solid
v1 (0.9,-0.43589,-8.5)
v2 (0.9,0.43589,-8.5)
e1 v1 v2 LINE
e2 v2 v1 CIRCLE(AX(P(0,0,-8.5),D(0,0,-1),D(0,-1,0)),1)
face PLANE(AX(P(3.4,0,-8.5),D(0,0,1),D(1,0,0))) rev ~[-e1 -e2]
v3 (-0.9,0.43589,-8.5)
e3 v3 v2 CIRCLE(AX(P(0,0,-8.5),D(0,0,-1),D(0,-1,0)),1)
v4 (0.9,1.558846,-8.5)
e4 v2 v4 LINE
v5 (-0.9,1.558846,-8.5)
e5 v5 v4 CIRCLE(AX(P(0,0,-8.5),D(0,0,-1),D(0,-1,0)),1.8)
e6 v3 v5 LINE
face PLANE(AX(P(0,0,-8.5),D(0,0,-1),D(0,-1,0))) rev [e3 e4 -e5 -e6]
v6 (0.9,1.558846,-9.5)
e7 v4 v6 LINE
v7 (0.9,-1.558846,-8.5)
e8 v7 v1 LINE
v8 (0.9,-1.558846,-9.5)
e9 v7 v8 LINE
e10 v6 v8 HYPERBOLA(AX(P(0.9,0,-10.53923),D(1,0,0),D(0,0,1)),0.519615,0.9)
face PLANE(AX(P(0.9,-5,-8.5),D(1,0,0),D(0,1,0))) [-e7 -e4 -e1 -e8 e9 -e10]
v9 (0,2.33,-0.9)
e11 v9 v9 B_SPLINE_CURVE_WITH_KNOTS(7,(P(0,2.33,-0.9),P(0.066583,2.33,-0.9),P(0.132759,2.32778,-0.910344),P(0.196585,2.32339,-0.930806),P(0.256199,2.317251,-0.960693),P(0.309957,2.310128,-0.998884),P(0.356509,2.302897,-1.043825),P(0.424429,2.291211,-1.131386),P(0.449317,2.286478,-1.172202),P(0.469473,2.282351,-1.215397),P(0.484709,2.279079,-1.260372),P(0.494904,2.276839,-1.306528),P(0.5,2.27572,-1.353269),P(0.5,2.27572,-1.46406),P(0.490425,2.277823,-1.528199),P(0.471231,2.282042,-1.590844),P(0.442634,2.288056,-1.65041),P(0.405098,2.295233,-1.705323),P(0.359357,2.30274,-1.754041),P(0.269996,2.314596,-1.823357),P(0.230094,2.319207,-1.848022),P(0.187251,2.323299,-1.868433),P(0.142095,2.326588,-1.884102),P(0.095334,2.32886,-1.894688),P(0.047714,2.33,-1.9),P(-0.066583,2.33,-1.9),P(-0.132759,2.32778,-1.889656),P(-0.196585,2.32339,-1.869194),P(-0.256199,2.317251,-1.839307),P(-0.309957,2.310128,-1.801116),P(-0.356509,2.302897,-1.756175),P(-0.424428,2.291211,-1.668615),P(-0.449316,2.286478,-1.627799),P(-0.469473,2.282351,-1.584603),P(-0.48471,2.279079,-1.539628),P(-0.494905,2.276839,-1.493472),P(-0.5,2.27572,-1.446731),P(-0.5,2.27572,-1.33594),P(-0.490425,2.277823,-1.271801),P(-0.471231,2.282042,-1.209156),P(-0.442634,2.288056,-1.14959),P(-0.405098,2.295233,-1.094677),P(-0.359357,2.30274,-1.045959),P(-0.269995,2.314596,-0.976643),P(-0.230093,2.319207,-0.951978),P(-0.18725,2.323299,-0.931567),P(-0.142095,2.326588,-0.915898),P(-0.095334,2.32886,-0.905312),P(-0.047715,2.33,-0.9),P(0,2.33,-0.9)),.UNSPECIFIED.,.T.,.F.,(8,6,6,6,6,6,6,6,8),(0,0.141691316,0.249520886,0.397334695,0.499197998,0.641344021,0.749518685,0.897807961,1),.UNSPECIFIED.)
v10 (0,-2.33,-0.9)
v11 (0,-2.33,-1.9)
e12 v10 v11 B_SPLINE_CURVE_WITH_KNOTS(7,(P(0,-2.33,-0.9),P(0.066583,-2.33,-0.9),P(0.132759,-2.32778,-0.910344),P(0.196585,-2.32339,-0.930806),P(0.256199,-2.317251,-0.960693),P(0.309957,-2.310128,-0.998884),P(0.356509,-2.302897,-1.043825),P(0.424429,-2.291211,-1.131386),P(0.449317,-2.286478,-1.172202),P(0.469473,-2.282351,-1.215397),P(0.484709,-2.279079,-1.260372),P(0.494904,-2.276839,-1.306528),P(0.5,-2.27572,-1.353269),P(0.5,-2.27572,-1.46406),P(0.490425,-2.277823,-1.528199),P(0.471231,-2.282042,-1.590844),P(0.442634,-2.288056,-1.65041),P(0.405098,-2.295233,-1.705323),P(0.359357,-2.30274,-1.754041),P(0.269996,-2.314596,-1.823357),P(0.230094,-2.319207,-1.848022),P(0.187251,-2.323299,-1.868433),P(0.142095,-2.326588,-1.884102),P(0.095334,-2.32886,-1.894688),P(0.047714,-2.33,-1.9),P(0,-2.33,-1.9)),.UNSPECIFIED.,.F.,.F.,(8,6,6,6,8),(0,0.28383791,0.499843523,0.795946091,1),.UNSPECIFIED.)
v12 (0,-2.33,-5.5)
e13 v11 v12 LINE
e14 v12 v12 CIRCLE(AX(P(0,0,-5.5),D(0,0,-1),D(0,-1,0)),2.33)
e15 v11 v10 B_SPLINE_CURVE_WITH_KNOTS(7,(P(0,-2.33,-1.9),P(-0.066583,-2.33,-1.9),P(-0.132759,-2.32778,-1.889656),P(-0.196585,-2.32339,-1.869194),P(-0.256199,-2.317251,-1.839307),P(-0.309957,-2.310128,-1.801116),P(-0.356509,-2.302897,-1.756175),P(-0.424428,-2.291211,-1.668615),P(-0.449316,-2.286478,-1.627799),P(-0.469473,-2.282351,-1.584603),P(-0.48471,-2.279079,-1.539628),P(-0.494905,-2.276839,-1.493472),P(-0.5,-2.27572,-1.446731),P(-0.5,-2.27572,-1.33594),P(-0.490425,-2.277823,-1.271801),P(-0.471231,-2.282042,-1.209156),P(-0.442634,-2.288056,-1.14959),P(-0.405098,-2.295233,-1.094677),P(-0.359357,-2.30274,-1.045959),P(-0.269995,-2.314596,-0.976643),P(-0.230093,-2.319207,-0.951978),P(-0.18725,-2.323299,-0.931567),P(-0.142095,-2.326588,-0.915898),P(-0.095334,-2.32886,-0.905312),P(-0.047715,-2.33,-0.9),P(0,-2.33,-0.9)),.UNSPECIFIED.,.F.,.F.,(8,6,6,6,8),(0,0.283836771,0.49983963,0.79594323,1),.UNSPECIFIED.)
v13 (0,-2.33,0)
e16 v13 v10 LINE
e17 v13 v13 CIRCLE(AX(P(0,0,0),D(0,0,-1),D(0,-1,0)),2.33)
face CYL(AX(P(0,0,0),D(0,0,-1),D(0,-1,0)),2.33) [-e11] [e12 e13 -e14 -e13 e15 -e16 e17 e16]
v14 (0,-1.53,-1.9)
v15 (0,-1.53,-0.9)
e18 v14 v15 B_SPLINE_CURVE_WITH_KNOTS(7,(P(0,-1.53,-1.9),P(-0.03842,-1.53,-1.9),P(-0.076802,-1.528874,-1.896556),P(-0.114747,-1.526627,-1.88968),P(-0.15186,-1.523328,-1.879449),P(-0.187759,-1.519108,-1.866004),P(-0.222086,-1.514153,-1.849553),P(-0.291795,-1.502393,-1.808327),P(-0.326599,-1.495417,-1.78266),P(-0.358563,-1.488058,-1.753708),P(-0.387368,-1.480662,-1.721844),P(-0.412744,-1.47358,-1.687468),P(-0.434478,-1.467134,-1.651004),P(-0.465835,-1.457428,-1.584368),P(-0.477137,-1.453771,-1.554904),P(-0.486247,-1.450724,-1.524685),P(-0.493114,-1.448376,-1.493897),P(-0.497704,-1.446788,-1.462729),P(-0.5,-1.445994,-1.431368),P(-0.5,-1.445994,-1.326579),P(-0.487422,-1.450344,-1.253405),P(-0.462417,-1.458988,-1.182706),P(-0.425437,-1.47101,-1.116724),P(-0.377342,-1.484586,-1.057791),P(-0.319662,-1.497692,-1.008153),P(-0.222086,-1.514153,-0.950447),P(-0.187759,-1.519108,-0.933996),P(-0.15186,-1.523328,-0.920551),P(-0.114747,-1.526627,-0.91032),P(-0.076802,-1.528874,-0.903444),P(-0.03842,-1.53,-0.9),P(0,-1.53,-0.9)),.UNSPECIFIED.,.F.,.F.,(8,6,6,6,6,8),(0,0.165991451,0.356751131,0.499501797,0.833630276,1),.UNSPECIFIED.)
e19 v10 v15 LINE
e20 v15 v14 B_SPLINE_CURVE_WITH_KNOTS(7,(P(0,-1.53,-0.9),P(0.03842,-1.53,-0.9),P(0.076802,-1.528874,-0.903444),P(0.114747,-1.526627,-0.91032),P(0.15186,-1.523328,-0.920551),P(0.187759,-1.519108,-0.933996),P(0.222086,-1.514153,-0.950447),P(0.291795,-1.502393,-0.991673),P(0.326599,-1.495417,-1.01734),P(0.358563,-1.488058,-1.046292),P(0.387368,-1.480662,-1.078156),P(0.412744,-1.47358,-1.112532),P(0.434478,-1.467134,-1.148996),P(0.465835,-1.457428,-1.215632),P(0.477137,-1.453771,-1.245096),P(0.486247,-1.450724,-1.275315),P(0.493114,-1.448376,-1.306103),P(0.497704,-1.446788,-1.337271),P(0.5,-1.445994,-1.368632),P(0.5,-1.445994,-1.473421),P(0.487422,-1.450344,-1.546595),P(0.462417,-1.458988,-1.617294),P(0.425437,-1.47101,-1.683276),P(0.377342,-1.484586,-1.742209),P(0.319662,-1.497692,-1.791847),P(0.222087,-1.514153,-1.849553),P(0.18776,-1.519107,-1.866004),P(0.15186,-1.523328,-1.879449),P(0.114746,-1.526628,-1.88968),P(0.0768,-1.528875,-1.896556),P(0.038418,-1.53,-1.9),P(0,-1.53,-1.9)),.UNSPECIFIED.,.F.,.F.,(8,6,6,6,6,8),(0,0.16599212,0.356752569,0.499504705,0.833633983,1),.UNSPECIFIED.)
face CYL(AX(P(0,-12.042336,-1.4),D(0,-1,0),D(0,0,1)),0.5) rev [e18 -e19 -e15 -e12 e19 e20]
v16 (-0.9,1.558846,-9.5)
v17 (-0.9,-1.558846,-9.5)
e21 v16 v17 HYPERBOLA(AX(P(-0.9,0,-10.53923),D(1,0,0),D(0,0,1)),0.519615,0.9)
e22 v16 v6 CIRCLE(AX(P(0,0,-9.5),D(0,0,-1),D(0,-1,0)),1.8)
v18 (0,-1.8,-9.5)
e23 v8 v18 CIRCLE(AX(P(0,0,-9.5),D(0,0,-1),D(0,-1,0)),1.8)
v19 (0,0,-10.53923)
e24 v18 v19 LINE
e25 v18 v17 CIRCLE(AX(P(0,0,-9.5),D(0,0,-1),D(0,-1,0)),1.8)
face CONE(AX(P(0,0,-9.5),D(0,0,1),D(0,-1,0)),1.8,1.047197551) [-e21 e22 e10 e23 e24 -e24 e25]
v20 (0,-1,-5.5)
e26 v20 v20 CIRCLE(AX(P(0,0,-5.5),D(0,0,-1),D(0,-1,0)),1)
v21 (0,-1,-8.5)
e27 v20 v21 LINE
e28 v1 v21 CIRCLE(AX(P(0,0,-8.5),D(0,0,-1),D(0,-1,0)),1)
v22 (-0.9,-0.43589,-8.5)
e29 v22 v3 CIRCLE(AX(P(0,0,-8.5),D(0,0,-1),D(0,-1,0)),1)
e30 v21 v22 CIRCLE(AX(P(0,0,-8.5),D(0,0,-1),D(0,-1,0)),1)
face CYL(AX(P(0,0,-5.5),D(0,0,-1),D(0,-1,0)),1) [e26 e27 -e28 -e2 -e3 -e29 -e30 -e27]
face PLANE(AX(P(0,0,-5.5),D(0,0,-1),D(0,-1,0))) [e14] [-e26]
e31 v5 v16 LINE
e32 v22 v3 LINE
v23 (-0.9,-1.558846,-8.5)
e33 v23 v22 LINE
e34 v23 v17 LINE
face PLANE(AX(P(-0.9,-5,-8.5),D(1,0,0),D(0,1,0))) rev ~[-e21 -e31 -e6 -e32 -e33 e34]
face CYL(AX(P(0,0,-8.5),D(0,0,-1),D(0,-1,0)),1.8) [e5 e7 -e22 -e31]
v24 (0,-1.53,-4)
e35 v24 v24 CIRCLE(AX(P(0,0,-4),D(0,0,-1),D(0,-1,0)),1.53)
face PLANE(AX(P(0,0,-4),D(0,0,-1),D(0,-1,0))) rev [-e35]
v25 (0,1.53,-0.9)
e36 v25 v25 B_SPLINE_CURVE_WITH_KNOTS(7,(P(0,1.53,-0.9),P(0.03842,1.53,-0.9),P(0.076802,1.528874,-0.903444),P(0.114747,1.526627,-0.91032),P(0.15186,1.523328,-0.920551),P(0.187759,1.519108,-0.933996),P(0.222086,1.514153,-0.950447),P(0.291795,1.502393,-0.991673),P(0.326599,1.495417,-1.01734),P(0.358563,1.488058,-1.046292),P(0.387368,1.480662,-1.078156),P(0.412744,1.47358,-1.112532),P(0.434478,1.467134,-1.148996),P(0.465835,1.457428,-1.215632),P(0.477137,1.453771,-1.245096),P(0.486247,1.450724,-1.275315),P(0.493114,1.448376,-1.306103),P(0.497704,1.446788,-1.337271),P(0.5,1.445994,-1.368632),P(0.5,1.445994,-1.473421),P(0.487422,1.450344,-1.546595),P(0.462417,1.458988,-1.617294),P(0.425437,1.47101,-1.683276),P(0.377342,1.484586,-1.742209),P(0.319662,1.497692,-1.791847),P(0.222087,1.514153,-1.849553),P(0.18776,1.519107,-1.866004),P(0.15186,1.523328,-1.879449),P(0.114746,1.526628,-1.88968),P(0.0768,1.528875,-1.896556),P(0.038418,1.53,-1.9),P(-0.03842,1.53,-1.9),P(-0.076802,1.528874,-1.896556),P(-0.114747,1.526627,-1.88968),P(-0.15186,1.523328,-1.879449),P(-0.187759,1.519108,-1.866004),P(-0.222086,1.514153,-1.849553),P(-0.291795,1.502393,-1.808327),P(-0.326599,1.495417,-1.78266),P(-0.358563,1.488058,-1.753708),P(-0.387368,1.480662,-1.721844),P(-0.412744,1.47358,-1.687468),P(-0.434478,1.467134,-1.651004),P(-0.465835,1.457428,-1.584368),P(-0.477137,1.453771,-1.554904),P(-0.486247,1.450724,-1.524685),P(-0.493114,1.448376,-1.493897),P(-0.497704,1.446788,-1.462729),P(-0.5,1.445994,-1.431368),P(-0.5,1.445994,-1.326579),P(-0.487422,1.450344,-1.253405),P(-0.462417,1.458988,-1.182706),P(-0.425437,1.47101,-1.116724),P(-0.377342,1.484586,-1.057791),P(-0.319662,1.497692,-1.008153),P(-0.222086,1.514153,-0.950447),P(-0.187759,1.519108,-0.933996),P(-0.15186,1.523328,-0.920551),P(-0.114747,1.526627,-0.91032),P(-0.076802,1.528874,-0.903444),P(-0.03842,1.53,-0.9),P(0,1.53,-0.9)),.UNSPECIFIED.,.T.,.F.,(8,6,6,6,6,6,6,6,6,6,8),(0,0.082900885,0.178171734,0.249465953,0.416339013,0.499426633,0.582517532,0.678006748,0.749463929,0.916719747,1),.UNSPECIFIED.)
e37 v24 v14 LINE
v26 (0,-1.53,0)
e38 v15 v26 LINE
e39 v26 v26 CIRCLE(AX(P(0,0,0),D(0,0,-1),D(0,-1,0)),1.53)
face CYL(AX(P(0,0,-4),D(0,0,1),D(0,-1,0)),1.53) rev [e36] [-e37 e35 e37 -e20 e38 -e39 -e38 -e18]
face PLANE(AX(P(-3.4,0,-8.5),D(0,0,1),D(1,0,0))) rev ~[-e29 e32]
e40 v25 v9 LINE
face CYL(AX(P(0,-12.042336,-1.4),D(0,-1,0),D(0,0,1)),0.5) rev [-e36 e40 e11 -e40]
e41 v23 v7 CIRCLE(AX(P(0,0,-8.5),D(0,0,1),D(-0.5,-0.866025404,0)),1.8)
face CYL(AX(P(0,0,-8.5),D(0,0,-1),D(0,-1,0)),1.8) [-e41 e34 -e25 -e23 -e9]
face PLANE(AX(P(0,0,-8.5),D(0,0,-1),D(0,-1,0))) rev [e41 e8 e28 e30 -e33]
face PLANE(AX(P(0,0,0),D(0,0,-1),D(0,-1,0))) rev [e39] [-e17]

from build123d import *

# Parameters (mm, degrees)
CUT_EXTRUDE1_START      = -8.5
SKETCH2_W               = 5
SKETCH2_H               = 10
CUT_EXTRUDE1_DEPTH      = 3.542335768
CUT_EXTRUDE2_DEPTH      = 12.042335768
CUT_EXTRUDE2_DEPTH_BACK = 12.042335768
SKETCH3_R               = 0.5


with BuildPart() as part:
    # Sketch1 → Revolve1 (revolve)
    with BuildSketch(Plane(origin=(0, 0, 0), x_dir=(0, 0, -1), z_dir=(1, 0, 0)), mode=Mode.PRIVATE) as revolve1_sk:
        Polygon((0, 2.33), (5.5, 2.33), (5.5, 1), (8.5, 1), (8.5, 1.8), (9.5, 1.8), (10.539230485, 0), (4, 0), (4, 1.53), (0, 1.53), align=None)
    revolve(revolve1_sk.sketch.rotate(Axis((0, 0, 2.965537871), (0, 0, -1)), 180), axis=Axis((0, 0, 2.965537871), (0, 0, -1)))

    # Sketch2 → Cut-Extrude1 (cut, through all)
    with BuildSketch(Plane.XY.offset(CUT_EXTRUDE1_START)):
        with Locations((3.4, 0)):
            Rectangle(SKETCH2_W, SKETCH2_H)
        with Locations((-3.4, 0)):
            Rectangle(SKETCH2_W, SKETCH2_H)
    extrude(amount=-CUT_EXTRUDE1_DEPTH, mode=Mode.SUBTRACT)

    # Sketch3 → Cut-Extrude2 (cut, two sides: drawn at the far end of the back side and taken through both)
    with BuildSketch(Plane(origin=(0, 0, 0), x_dir=(1, 0, 0), z_dir=(0, 1, 0)).offset(-CUT_EXTRUDE2_DEPTH_BACK)):
        with Locations(Location((0, 1.4, 0), (0, 0, 270))):
            Circle(SKETCH3_R)
    extrude(amount=CUT_EXTRUDE2_DEPTH + CUT_EXTRUDE2_DEPTH_BACK, mode=Mode.SUBTRACT)


solid = part.part
